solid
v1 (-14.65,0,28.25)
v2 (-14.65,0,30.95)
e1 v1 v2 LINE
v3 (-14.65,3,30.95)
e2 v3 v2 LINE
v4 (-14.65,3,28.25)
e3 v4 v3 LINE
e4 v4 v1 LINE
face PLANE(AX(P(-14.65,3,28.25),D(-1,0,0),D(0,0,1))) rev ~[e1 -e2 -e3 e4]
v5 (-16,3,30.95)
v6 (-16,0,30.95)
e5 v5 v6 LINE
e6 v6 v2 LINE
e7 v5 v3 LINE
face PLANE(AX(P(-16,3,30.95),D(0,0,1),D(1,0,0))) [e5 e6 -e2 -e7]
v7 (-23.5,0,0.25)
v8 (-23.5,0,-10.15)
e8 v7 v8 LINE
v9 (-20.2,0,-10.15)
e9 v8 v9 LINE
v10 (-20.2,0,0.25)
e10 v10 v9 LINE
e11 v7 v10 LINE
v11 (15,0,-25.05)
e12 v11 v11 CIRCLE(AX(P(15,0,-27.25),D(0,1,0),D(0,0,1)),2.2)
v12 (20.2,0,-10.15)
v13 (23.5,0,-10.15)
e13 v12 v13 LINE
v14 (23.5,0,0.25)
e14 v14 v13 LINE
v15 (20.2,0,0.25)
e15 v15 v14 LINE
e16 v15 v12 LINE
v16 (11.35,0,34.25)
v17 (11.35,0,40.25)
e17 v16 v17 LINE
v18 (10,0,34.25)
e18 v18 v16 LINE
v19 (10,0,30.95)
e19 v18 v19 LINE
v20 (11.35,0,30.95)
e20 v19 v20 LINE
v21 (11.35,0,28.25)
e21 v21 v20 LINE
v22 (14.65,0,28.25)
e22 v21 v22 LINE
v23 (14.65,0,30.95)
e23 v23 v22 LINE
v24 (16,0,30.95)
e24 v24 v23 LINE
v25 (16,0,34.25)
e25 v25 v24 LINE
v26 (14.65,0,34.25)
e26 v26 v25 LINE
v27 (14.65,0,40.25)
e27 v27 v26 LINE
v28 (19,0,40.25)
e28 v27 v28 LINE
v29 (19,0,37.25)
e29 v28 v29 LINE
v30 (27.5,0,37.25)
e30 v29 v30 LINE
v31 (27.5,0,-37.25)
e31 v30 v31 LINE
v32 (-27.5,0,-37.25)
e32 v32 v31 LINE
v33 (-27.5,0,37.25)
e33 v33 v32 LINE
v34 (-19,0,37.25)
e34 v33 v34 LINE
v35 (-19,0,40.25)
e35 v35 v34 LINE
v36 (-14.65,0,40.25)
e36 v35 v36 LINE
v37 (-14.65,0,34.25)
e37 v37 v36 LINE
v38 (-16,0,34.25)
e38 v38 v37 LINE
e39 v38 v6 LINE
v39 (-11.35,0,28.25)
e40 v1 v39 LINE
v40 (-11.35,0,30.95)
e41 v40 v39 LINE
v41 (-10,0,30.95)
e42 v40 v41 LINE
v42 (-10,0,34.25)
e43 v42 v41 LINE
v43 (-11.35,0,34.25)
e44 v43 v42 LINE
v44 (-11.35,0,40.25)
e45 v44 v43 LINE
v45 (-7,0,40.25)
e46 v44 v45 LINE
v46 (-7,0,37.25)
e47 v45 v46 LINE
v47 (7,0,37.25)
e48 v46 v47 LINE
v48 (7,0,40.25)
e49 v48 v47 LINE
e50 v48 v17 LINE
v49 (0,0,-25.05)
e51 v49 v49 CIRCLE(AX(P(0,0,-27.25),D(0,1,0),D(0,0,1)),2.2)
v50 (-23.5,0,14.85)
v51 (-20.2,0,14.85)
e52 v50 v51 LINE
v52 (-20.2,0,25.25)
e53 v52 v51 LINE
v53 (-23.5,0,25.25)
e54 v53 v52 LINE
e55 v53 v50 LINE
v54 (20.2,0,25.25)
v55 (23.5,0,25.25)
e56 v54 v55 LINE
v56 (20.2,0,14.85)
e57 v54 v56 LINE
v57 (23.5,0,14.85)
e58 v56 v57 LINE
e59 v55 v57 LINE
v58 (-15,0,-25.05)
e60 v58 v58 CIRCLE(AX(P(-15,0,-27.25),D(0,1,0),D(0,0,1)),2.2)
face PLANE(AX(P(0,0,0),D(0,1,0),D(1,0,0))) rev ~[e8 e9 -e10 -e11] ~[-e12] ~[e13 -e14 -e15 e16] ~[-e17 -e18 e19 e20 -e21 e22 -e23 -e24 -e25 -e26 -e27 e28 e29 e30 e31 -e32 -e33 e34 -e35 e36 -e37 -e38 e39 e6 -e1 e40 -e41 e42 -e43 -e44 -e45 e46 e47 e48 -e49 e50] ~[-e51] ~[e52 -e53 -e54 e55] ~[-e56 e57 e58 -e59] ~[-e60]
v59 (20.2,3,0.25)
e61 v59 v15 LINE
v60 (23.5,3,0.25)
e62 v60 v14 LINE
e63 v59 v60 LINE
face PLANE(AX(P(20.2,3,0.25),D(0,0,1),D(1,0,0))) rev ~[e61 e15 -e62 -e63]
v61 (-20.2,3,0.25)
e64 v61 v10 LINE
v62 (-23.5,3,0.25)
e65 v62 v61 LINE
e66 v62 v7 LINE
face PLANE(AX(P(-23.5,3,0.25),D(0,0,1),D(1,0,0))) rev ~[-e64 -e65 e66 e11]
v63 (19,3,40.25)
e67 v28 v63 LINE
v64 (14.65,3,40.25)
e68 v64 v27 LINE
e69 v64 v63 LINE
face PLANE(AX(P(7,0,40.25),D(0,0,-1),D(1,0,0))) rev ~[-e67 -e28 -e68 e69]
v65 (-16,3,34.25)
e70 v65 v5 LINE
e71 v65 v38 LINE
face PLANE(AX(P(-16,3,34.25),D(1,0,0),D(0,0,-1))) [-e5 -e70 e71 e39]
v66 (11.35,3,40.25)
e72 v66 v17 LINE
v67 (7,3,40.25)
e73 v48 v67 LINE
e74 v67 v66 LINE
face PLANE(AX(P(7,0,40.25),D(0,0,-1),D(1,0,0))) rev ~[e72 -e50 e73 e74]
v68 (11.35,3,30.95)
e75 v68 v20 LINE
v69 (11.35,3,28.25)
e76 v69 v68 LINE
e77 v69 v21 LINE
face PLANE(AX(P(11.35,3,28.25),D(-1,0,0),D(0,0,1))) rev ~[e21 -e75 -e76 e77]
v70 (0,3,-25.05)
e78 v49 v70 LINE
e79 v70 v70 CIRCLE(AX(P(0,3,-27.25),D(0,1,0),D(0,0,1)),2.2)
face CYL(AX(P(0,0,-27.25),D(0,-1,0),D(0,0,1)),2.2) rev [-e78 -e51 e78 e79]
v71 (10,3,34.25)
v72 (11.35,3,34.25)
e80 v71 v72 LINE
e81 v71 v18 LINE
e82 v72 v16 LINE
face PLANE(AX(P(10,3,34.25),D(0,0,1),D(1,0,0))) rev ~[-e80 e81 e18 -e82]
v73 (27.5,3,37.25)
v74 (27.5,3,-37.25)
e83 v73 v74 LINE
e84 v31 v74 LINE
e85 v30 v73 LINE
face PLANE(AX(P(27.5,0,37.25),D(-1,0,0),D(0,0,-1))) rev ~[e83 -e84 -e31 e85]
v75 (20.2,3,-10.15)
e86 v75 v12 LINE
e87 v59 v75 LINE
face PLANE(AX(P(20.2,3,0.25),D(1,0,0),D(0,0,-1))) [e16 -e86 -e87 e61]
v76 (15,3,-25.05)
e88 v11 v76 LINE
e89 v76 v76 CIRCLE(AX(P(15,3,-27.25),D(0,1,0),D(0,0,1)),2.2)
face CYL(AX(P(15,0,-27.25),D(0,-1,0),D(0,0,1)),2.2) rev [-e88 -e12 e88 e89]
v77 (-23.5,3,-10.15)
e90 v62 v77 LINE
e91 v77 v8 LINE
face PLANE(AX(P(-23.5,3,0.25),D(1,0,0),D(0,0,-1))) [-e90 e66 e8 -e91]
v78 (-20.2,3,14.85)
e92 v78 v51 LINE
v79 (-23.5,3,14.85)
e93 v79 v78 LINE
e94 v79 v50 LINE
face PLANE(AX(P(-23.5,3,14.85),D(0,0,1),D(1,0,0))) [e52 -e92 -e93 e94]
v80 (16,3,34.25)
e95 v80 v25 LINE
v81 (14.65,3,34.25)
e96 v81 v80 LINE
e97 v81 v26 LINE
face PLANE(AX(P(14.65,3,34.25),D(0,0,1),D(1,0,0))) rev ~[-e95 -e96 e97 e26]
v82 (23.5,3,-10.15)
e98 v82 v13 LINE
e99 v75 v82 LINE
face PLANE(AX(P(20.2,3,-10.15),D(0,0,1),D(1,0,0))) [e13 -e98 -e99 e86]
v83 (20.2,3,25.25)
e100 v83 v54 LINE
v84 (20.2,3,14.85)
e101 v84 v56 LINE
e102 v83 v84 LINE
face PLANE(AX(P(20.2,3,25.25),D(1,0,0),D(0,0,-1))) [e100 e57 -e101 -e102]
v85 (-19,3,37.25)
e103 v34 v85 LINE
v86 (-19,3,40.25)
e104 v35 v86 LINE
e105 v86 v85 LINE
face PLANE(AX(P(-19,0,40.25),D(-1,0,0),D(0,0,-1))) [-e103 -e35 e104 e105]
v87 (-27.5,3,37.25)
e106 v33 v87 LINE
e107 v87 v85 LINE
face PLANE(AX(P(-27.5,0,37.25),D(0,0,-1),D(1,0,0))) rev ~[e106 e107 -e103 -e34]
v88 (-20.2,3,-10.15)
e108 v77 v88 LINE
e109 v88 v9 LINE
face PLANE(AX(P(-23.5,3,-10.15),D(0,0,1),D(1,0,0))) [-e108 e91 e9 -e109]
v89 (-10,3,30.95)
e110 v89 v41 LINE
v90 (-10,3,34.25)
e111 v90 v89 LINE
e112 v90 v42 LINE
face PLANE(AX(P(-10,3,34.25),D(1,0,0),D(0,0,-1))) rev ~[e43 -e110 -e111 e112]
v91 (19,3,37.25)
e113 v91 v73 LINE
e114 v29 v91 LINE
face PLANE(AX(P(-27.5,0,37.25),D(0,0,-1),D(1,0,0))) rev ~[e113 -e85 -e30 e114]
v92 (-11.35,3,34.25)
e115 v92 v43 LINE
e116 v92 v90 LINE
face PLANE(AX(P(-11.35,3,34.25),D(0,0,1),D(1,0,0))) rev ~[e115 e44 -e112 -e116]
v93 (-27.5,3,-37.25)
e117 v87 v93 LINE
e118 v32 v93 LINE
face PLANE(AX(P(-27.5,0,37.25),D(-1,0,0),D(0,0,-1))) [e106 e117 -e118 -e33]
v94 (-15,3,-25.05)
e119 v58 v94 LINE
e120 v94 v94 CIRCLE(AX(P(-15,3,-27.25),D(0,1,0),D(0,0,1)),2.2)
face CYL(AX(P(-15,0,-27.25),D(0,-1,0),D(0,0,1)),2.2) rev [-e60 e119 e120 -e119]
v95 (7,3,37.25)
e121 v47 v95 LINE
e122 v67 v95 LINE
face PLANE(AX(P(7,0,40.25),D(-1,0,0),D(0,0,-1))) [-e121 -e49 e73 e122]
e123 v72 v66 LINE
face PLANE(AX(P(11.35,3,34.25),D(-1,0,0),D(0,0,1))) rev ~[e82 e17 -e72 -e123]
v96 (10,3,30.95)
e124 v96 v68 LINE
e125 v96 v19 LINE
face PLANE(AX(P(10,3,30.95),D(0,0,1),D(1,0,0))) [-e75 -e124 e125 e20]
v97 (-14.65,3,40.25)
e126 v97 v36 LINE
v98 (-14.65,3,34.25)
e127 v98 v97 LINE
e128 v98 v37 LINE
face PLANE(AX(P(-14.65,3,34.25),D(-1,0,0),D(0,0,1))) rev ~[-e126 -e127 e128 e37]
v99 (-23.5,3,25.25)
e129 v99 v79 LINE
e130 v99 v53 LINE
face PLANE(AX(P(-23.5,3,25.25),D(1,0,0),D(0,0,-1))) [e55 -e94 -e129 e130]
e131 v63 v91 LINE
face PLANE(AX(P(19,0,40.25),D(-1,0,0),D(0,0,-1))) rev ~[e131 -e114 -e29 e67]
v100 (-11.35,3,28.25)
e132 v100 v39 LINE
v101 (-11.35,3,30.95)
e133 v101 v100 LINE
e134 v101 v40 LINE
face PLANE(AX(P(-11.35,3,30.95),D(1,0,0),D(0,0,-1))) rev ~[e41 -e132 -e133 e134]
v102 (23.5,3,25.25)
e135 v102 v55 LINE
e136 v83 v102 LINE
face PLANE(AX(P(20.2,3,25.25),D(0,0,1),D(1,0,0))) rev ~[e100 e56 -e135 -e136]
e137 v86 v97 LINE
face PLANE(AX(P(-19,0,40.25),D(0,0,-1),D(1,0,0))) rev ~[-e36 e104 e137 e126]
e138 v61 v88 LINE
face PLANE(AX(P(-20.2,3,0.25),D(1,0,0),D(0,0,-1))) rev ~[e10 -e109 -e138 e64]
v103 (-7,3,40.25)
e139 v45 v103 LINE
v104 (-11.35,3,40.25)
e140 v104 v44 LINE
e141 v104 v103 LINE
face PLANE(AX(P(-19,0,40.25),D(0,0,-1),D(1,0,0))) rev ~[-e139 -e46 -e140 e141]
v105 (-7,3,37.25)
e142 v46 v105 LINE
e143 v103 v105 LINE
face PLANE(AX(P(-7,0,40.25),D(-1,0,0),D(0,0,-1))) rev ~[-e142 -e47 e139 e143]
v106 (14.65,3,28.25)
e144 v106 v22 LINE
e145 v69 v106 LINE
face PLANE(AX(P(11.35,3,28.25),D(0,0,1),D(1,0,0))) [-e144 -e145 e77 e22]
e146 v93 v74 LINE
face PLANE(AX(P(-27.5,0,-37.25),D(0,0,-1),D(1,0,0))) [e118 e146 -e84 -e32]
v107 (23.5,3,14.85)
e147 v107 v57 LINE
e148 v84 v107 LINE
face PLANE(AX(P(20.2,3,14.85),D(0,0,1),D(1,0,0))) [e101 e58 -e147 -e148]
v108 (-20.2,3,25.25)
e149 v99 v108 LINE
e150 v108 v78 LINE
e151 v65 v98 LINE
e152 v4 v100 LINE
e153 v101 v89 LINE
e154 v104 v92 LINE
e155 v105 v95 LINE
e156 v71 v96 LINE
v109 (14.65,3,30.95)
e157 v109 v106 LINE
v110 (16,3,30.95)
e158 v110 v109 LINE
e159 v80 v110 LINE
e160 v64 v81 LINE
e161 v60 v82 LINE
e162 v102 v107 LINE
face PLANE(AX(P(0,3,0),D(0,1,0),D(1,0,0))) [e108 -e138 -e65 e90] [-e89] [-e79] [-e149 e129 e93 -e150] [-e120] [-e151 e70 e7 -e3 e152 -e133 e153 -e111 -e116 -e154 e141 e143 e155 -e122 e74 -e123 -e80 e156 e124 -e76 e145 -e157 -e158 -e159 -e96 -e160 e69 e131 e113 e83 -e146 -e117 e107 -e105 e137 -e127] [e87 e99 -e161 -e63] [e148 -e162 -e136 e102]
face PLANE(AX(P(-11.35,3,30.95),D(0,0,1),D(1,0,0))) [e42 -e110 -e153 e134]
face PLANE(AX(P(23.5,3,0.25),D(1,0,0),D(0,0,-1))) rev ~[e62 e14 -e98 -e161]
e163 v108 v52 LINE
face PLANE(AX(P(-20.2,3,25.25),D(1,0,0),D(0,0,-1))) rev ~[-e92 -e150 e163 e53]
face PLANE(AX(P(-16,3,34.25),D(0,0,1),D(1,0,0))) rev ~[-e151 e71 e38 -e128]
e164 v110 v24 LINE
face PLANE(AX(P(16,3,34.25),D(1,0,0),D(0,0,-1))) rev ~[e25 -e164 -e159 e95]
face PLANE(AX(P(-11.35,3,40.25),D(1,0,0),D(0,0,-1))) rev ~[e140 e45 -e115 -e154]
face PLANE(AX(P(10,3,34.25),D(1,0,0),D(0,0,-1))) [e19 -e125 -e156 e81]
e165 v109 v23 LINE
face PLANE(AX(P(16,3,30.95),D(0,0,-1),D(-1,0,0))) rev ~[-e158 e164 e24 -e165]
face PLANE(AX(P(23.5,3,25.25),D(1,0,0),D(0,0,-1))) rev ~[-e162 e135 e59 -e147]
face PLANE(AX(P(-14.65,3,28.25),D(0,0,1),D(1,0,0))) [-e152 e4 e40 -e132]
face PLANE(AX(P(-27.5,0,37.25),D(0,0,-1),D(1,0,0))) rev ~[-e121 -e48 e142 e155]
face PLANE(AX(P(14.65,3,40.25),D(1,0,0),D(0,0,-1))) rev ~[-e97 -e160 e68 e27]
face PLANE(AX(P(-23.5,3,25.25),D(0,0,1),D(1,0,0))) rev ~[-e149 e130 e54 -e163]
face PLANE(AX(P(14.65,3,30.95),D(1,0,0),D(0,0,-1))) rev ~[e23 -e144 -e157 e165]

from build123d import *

# Parameters (mm, degrees)
SKETCH_1_W             = 55
SKETCH_1_H             = 74.5
SKETCH_1_R             = 2.2
SKETCH_1_W_2           = 12
SKETCH_1_H_2           = 3
EXTRUDE_1_DEPTH        = 3
SKETCH_2_W             = 3.3
SKETCH_2_H             = 10.4
CUT_EXTRUDE_1_DEPTH    = 3
SKETCH_3_W             = 1.35
SKETCH_3_H             = 3.3
SKETCH_3_W_2           = 3.3
SKETCH_3_H_2           = 2.7
SKETCH_3_H_3           = 6
CUT_EXTRUDE_2_DEPTH    = 3
PATTERN_LINEAR_1_COUNT = 2
PATTERN_LINEAR_1_PITCH = 25


with BuildPart() as part:
    # 草图1 → 凸台-拉伸1 (new body)
    # profile 1 of 3: a face of its own
    with BuildSketch(Plane(origin=(0, 0, 0), x_dir=(1, 0, 0), z_dir=(0, 1, 0))):
        Rectangle(SKETCH_1_W, SKETCH_1_H)
        with Locations(Location((0, 27.25, 0), (0, 0, 270))):
            Circle(SKETCH_1_R, mode=Mode.SUBTRACT)
        with Locations(Location((-15, 27.25, 0), (0, 0, 270))):
            Circle(SKETCH_1_R, mode=Mode.SUBTRACT)
        with Locations(Location((15, 27.25, 0), (0, 0, 270))):
            Circle(SKETCH_1_R, mode=Mode.SUBTRACT)
    # profile 2 of 3: a face of its own
    with BuildSketch(Plane(origin=(0, 0, 0), x_dir=(1, 0, 0), z_dir=(0, 1, 0))):
        with Locations((-13, -38.75)):
            Rectangle(SKETCH_1_W_2, SKETCH_1_H_2)
    # profile 3 of 3: a face of its own
    with BuildSketch(Plane(origin=(0, 0, 0), x_dir=(1, 0, 0), z_dir=(0, 1, 0))):
        with Locations((13, -38.75)):
            Rectangle(SKETCH_1_W_2, SKETCH_1_H_2)
    extrude(amount=EXTRUDE_1_DEPTH)

    # 草图2 → 切除-拉伸1 (cut)
    with BuildSketch(Plane(origin=(0, 3, 0), x_dir=(1, 0, 0), z_dir=(0, 1, 0))):
        with Locations((-21.85, -20.05)):
            Rectangle(SKETCH_2_W, SKETCH_2_H)
        with Locations((21.85, -20.05)):
            Rectangle(SKETCH_2_W, SKETCH_2_H)
    cut_extrude_1 = extrude(amount=-CUT_EXTRUDE_1_DEPTH, mode=Mode.SUBTRACT)

    # 草图3 → 切除-拉伸2 (cut)
    with BuildSketch(Plane(origin=(0, 3, 0), x_dir=(1, 0, 0), z_dir=(0, 1, 0))):
        with Locations((-10.675, -32.6)):
            Rectangle(SKETCH_3_W, SKETCH_3_H)
        with Locations((-13, -29.6)):
            Rectangle(SKETCH_3_W_2, SKETCH_3_H_2)
        with Locations((-13, -32.6)):
            Rectangle(SKETCH_3_W_2, SKETCH_3_H)
        with Locations((-13, -37.25)):
            Rectangle(SKETCH_3_W_2, SKETCH_3_H_3)
        with Locations((-15.325, -32.6)):
            Rectangle(SKETCH_3_W, SKETCH_3_H)
        with Locations((13, -37.25)):
            Rectangle(SKETCH_3_W_2, SKETCH_3_H_3)
        with Locations((15.325, -32.6)):
            Rectangle(SKETCH_3_W, SKETCH_3_H)
        with Locations((13, -32.6)):
            Rectangle(SKETCH_3_W_2, SKETCH_3_H)
        with Locations((13, -29.6)):
            Rectangle(SKETCH_3_W_2, SKETCH_3_H_2)
        with Locations((10.675, -32.6)):
            Rectangle(SKETCH_3_W, SKETCH_3_H)
    extrude(amount=-CUT_EXTRUDE_2_DEPTH, mode=Mode.SUBTRACT)

    # 阵列(线性)1: 切除-拉伸1 ×2
    with Locations(*[(0, 0, -i * PATTERN_LINEAR_1_PITCH) for i in range(1, PATTERN_LINEAR_1_COUNT)]):
        add(cut_extrude_1, mode=Mode.SUBTRACT)


solid = part.part
